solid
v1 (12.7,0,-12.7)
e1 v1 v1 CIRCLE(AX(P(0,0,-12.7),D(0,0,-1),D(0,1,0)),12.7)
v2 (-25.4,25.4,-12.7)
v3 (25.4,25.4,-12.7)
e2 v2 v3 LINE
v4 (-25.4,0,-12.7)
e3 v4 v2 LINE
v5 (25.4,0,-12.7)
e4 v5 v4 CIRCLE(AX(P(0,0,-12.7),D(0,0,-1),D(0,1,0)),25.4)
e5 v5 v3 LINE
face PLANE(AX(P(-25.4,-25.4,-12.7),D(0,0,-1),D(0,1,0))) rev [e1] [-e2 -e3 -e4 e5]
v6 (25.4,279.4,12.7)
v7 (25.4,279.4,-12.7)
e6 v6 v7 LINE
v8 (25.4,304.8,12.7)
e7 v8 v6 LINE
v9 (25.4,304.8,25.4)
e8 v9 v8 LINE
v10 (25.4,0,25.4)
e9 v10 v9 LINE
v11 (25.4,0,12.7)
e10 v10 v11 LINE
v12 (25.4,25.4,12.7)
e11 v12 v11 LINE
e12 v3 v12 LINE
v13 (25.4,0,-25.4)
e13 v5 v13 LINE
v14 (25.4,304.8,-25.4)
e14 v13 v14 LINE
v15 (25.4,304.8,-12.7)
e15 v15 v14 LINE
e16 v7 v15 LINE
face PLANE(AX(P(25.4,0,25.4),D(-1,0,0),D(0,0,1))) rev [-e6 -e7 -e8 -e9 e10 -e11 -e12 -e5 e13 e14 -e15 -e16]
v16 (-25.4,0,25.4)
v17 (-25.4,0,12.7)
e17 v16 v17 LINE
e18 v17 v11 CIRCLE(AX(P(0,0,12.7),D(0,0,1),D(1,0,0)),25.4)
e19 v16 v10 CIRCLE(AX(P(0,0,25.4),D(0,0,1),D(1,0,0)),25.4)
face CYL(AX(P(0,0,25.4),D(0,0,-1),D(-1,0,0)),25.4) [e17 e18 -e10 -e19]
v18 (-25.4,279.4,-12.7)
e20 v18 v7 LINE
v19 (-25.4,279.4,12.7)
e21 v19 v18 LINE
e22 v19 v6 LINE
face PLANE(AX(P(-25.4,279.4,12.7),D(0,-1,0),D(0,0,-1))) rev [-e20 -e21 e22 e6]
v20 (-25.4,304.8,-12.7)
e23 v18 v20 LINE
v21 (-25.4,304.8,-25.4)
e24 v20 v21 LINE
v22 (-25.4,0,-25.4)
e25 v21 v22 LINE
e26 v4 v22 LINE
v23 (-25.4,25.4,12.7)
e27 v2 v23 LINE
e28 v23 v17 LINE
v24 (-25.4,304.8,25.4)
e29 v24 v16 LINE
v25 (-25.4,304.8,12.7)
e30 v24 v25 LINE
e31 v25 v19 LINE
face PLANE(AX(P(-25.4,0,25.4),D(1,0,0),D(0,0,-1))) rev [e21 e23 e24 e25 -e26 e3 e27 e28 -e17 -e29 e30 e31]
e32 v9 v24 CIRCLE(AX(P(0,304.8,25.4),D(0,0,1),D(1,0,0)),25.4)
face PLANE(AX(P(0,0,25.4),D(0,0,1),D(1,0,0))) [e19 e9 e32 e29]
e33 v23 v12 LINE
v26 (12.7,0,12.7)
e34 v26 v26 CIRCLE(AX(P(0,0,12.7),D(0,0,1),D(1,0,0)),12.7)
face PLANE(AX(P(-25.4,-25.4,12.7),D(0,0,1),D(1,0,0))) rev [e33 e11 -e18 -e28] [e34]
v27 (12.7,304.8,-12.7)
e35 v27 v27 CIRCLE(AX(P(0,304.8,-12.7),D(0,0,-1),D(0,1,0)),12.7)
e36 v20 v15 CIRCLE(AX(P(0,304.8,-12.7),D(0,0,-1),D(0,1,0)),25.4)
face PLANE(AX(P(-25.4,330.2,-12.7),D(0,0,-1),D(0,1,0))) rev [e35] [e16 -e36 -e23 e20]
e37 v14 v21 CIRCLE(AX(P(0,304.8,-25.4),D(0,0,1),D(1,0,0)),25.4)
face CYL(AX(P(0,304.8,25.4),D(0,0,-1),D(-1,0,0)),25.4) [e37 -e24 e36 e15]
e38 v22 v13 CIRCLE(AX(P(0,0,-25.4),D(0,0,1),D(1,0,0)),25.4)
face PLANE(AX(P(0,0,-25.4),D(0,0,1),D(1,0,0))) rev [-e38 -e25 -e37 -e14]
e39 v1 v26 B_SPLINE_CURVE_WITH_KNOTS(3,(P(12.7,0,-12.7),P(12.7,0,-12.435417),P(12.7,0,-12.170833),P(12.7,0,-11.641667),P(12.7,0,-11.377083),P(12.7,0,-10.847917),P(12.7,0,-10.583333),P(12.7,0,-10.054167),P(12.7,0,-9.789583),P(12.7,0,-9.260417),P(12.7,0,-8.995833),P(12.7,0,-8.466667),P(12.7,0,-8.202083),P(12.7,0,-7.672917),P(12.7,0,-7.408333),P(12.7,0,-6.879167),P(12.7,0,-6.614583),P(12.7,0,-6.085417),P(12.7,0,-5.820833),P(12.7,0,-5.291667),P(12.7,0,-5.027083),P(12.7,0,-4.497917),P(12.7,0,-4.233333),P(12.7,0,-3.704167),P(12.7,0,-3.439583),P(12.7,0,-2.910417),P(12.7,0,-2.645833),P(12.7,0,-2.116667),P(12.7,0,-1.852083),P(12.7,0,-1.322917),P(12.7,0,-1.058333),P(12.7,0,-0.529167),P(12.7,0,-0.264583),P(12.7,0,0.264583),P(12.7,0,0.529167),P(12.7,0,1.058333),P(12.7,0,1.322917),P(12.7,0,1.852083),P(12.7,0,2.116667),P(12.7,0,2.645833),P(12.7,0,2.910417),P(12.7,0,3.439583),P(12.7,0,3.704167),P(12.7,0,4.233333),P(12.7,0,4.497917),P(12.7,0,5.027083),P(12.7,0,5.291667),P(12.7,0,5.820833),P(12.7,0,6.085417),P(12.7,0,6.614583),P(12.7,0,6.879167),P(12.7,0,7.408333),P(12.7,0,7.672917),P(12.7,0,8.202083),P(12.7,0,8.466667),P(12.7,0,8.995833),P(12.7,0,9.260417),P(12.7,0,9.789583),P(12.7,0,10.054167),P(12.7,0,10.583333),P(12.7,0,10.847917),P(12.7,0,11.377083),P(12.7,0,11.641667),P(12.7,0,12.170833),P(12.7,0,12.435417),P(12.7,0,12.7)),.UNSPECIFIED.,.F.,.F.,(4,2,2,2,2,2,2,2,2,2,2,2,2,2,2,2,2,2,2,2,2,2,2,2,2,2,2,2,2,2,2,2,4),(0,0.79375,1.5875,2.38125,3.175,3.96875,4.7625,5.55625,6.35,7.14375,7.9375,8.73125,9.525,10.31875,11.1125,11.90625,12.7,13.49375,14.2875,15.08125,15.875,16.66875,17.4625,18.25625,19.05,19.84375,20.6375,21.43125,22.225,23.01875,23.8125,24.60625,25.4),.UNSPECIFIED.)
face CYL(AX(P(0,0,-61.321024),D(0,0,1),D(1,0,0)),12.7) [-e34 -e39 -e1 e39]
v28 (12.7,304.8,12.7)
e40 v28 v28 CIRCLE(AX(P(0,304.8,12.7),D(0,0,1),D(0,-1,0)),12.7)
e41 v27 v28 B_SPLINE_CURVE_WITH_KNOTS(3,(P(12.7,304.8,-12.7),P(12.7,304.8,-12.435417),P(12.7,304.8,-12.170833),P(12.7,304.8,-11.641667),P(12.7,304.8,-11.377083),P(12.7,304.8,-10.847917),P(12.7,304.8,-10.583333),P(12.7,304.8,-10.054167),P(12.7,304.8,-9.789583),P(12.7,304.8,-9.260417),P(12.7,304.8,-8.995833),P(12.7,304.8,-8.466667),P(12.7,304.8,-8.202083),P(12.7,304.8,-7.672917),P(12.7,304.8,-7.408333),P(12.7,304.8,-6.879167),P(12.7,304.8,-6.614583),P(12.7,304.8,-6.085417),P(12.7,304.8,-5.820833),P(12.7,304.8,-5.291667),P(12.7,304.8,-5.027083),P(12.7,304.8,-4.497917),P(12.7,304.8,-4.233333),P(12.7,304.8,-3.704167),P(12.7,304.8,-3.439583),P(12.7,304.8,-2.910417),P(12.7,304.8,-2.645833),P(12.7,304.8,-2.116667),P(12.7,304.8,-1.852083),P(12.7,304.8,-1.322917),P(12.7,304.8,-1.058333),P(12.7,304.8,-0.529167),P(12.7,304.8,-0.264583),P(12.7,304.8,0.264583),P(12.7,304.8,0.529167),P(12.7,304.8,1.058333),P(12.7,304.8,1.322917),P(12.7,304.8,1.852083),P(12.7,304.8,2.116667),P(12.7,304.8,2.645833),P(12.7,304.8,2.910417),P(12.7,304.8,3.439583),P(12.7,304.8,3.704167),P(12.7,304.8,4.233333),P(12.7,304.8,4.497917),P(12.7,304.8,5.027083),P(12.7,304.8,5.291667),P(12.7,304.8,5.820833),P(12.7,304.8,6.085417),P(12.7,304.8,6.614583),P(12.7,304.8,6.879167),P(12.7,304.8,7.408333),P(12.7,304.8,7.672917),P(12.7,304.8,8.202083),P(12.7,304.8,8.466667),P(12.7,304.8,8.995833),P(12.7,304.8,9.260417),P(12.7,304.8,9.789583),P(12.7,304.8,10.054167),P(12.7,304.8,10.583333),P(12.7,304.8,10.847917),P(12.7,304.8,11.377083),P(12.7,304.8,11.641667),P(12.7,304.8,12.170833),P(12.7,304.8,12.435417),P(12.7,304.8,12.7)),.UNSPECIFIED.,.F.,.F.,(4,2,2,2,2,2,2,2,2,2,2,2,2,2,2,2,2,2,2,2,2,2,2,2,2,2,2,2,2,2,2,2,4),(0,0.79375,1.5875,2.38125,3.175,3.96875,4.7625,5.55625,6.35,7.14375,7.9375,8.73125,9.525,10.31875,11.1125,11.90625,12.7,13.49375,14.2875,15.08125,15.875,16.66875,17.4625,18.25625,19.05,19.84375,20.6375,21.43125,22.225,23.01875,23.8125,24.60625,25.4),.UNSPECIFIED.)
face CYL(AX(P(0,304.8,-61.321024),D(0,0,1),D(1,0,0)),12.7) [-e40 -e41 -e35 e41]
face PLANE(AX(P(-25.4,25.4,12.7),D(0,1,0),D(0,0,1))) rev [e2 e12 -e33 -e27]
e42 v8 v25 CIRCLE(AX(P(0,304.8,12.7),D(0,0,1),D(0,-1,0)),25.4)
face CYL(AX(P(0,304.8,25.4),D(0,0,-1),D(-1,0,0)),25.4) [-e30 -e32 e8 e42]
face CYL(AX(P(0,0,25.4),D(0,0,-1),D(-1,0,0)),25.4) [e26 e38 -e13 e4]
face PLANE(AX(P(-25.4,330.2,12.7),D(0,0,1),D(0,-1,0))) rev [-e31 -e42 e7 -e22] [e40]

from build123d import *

# Parameters (mm, degrees)
SKETCH1_R                       = 12.7
BOSS_EXTRUDE1_DEPTH             = 25.4
CUT_EXTRUDE1_DEPTH              = 333.148099498
CUT_EXTRUDE1_DEPTH_BACK         = 333.148099498
SKETCH2_W                       = 25.4
SKETCH2_H                       = 50.8
BOSS_EXTRUDE2_REACH             = 334.148
SKETCH1_2_R                     = 12.7
BOSS_EXTRUDE2_DIRECTION_2_REACH = 334.148


with BuildPart() as part:
    # Sketch1 → Boss-Extrude1 (new, symmetric)
    with BuildSketch(Plane.XY):
        with BuildLine():
            Line((-25.4, 0), (-25.4, 304.8))
            ThreePointArc((-25.4, 304.8), (0, 330.2), (25.4, 304.8))
            Line((25.4, 304.8), (25.4, 0))
            ThreePointArc((25.4, 0), (0, -25.4), (-25.4, 0))
        make_face()
        Circle(SKETCH1_R, mode=Mode.SUBTRACT)
        with Locations((0, 304.8)):
            Circle(SKETCH1_R, mode=Mode.SUBTRACT)
    extrude(amount=BOSS_EXTRUDE1_DEPTH, both=True)

    # Sketch2 → Cut-Extrude1 (cut, two sides: drawn at the far end of the back side and taken through both)
    with BuildSketch(Plane(origin=(0, 0, 0), x_dir=(0, 0, -1), z_dir=(1, 0, 0)).offset(-CUT_EXTRUDE1_DEPTH_BACK)):
        with Locations((0, 304.8)):
            Rectangle(SKETCH2_W, SKETCH2_H)
        Rectangle(SKETCH2_W, SKETCH2_H)
    extrude(amount=CUT_EXTRUDE1_DEPTH + CUT_EXTRUDE1_DEPTH_BACK, mode=Mode.SUBTRACT)

    # Boss-Extrude2: up to this face of the body (flat: up to its plane)
    boss_extrude2_end = Plane(part.part.faces().sort_by_distance((0, 152.4, -25.4))[0])
    # Sketch1<2> → Boss-Extrude2 (add, up to the picked face)
    with BuildSketch(Plane.XY, mode=Mode.PRIVATE) as boss_extrude2_sk1:
        Circle(SKETCH1_2_R)
    boss_extrude2_tool1 = split(extrude(boss_extrude2_sk1.sketch, amount=-BOSS_EXTRUDE2_REACH, mode=Mode.PRIVATE), bisect_by=boss_extrude2_end, keep=Keep.BOTH, mode=Mode.PRIVATE)
    # Sketch1<2> → Boss-Extrude2 (add, up to the picked face)
    with BuildSketch(Plane.XY, mode=Mode.PRIVATE) as boss_extrude2_sk2:
        with Locations((0, 304.8)):
            Circle(SKETCH1_2_R)
    boss_extrude2_tool2 = split(extrude(boss_extrude2_sk2.sketch, amount=-BOSS_EXTRUDE2_REACH, mode=Mode.PRIVATE), bisect_by=boss_extrude2_end, keep=Keep.BOTH, mode=Mode.PRIVATE)
    add(boss_extrude2_tool1.solids().sort_by(Axis((0, 0, 0), (0, 0, -1)))[0])
    add(boss_extrude2_tool2.solids().sort_by(Axis((0, 304.8, 0), (0, 0, -1)))[0])

    # Boss-Extrude2 direction 2: up to this face of the body (flat: up to its plane)
    boss_extrude2_direction_2_end = Plane(part.part.faces().sort_by_distance((0, 152.4, 25.4))[0])
    # Sketch1<2> → Boss-Extrude2 direction 2 (add, up to the picked face)
    with BuildSketch(Plane.XY, mode=Mode.PRIVATE) as boss_extrude2_direction_2_sk1:
        Circle(SKETCH1_2_R)
    boss_extrude2_direction_2_tool1 = split(extrude(boss_extrude2_direction_2_sk1.sketch, amount=BOSS_EXTRUDE2_DIRECTION_2_REACH, mode=Mode.PRIVATE), bisect_by=boss_extrude2_direction_2_end, keep=Keep.BOTH, mode=Mode.PRIVATE)
    # Sketch1<2> → Boss-Extrude2 direction 2 (add, up to the picked face)
    with BuildSketch(Plane.XY, mode=Mode.PRIVATE) as boss_extrude2_direction_2_sk2:
        with Locations((0, 304.8)):
            Circle(SKETCH1_2_R)
    boss_extrude2_direction_2_tool2 = split(extrude(boss_extrude2_direction_2_sk2.sketch, amount=BOSS_EXTRUDE2_DIRECTION_2_REACH, mode=Mode.PRIVATE), bisect_by=boss_extrude2_direction_2_end, keep=Keep.BOTH, mode=Mode.PRIVATE)
    add(boss_extrude2_direction_2_tool1.solids().sort_by(Axis((0, 0, 0), (0, 0, 1)))[0])
    add(boss_extrude2_direction_2_tool2.solids().sort_by(Axis((0, 304.8, 0), (0, 0, 1)))[0])


solid = part.part
